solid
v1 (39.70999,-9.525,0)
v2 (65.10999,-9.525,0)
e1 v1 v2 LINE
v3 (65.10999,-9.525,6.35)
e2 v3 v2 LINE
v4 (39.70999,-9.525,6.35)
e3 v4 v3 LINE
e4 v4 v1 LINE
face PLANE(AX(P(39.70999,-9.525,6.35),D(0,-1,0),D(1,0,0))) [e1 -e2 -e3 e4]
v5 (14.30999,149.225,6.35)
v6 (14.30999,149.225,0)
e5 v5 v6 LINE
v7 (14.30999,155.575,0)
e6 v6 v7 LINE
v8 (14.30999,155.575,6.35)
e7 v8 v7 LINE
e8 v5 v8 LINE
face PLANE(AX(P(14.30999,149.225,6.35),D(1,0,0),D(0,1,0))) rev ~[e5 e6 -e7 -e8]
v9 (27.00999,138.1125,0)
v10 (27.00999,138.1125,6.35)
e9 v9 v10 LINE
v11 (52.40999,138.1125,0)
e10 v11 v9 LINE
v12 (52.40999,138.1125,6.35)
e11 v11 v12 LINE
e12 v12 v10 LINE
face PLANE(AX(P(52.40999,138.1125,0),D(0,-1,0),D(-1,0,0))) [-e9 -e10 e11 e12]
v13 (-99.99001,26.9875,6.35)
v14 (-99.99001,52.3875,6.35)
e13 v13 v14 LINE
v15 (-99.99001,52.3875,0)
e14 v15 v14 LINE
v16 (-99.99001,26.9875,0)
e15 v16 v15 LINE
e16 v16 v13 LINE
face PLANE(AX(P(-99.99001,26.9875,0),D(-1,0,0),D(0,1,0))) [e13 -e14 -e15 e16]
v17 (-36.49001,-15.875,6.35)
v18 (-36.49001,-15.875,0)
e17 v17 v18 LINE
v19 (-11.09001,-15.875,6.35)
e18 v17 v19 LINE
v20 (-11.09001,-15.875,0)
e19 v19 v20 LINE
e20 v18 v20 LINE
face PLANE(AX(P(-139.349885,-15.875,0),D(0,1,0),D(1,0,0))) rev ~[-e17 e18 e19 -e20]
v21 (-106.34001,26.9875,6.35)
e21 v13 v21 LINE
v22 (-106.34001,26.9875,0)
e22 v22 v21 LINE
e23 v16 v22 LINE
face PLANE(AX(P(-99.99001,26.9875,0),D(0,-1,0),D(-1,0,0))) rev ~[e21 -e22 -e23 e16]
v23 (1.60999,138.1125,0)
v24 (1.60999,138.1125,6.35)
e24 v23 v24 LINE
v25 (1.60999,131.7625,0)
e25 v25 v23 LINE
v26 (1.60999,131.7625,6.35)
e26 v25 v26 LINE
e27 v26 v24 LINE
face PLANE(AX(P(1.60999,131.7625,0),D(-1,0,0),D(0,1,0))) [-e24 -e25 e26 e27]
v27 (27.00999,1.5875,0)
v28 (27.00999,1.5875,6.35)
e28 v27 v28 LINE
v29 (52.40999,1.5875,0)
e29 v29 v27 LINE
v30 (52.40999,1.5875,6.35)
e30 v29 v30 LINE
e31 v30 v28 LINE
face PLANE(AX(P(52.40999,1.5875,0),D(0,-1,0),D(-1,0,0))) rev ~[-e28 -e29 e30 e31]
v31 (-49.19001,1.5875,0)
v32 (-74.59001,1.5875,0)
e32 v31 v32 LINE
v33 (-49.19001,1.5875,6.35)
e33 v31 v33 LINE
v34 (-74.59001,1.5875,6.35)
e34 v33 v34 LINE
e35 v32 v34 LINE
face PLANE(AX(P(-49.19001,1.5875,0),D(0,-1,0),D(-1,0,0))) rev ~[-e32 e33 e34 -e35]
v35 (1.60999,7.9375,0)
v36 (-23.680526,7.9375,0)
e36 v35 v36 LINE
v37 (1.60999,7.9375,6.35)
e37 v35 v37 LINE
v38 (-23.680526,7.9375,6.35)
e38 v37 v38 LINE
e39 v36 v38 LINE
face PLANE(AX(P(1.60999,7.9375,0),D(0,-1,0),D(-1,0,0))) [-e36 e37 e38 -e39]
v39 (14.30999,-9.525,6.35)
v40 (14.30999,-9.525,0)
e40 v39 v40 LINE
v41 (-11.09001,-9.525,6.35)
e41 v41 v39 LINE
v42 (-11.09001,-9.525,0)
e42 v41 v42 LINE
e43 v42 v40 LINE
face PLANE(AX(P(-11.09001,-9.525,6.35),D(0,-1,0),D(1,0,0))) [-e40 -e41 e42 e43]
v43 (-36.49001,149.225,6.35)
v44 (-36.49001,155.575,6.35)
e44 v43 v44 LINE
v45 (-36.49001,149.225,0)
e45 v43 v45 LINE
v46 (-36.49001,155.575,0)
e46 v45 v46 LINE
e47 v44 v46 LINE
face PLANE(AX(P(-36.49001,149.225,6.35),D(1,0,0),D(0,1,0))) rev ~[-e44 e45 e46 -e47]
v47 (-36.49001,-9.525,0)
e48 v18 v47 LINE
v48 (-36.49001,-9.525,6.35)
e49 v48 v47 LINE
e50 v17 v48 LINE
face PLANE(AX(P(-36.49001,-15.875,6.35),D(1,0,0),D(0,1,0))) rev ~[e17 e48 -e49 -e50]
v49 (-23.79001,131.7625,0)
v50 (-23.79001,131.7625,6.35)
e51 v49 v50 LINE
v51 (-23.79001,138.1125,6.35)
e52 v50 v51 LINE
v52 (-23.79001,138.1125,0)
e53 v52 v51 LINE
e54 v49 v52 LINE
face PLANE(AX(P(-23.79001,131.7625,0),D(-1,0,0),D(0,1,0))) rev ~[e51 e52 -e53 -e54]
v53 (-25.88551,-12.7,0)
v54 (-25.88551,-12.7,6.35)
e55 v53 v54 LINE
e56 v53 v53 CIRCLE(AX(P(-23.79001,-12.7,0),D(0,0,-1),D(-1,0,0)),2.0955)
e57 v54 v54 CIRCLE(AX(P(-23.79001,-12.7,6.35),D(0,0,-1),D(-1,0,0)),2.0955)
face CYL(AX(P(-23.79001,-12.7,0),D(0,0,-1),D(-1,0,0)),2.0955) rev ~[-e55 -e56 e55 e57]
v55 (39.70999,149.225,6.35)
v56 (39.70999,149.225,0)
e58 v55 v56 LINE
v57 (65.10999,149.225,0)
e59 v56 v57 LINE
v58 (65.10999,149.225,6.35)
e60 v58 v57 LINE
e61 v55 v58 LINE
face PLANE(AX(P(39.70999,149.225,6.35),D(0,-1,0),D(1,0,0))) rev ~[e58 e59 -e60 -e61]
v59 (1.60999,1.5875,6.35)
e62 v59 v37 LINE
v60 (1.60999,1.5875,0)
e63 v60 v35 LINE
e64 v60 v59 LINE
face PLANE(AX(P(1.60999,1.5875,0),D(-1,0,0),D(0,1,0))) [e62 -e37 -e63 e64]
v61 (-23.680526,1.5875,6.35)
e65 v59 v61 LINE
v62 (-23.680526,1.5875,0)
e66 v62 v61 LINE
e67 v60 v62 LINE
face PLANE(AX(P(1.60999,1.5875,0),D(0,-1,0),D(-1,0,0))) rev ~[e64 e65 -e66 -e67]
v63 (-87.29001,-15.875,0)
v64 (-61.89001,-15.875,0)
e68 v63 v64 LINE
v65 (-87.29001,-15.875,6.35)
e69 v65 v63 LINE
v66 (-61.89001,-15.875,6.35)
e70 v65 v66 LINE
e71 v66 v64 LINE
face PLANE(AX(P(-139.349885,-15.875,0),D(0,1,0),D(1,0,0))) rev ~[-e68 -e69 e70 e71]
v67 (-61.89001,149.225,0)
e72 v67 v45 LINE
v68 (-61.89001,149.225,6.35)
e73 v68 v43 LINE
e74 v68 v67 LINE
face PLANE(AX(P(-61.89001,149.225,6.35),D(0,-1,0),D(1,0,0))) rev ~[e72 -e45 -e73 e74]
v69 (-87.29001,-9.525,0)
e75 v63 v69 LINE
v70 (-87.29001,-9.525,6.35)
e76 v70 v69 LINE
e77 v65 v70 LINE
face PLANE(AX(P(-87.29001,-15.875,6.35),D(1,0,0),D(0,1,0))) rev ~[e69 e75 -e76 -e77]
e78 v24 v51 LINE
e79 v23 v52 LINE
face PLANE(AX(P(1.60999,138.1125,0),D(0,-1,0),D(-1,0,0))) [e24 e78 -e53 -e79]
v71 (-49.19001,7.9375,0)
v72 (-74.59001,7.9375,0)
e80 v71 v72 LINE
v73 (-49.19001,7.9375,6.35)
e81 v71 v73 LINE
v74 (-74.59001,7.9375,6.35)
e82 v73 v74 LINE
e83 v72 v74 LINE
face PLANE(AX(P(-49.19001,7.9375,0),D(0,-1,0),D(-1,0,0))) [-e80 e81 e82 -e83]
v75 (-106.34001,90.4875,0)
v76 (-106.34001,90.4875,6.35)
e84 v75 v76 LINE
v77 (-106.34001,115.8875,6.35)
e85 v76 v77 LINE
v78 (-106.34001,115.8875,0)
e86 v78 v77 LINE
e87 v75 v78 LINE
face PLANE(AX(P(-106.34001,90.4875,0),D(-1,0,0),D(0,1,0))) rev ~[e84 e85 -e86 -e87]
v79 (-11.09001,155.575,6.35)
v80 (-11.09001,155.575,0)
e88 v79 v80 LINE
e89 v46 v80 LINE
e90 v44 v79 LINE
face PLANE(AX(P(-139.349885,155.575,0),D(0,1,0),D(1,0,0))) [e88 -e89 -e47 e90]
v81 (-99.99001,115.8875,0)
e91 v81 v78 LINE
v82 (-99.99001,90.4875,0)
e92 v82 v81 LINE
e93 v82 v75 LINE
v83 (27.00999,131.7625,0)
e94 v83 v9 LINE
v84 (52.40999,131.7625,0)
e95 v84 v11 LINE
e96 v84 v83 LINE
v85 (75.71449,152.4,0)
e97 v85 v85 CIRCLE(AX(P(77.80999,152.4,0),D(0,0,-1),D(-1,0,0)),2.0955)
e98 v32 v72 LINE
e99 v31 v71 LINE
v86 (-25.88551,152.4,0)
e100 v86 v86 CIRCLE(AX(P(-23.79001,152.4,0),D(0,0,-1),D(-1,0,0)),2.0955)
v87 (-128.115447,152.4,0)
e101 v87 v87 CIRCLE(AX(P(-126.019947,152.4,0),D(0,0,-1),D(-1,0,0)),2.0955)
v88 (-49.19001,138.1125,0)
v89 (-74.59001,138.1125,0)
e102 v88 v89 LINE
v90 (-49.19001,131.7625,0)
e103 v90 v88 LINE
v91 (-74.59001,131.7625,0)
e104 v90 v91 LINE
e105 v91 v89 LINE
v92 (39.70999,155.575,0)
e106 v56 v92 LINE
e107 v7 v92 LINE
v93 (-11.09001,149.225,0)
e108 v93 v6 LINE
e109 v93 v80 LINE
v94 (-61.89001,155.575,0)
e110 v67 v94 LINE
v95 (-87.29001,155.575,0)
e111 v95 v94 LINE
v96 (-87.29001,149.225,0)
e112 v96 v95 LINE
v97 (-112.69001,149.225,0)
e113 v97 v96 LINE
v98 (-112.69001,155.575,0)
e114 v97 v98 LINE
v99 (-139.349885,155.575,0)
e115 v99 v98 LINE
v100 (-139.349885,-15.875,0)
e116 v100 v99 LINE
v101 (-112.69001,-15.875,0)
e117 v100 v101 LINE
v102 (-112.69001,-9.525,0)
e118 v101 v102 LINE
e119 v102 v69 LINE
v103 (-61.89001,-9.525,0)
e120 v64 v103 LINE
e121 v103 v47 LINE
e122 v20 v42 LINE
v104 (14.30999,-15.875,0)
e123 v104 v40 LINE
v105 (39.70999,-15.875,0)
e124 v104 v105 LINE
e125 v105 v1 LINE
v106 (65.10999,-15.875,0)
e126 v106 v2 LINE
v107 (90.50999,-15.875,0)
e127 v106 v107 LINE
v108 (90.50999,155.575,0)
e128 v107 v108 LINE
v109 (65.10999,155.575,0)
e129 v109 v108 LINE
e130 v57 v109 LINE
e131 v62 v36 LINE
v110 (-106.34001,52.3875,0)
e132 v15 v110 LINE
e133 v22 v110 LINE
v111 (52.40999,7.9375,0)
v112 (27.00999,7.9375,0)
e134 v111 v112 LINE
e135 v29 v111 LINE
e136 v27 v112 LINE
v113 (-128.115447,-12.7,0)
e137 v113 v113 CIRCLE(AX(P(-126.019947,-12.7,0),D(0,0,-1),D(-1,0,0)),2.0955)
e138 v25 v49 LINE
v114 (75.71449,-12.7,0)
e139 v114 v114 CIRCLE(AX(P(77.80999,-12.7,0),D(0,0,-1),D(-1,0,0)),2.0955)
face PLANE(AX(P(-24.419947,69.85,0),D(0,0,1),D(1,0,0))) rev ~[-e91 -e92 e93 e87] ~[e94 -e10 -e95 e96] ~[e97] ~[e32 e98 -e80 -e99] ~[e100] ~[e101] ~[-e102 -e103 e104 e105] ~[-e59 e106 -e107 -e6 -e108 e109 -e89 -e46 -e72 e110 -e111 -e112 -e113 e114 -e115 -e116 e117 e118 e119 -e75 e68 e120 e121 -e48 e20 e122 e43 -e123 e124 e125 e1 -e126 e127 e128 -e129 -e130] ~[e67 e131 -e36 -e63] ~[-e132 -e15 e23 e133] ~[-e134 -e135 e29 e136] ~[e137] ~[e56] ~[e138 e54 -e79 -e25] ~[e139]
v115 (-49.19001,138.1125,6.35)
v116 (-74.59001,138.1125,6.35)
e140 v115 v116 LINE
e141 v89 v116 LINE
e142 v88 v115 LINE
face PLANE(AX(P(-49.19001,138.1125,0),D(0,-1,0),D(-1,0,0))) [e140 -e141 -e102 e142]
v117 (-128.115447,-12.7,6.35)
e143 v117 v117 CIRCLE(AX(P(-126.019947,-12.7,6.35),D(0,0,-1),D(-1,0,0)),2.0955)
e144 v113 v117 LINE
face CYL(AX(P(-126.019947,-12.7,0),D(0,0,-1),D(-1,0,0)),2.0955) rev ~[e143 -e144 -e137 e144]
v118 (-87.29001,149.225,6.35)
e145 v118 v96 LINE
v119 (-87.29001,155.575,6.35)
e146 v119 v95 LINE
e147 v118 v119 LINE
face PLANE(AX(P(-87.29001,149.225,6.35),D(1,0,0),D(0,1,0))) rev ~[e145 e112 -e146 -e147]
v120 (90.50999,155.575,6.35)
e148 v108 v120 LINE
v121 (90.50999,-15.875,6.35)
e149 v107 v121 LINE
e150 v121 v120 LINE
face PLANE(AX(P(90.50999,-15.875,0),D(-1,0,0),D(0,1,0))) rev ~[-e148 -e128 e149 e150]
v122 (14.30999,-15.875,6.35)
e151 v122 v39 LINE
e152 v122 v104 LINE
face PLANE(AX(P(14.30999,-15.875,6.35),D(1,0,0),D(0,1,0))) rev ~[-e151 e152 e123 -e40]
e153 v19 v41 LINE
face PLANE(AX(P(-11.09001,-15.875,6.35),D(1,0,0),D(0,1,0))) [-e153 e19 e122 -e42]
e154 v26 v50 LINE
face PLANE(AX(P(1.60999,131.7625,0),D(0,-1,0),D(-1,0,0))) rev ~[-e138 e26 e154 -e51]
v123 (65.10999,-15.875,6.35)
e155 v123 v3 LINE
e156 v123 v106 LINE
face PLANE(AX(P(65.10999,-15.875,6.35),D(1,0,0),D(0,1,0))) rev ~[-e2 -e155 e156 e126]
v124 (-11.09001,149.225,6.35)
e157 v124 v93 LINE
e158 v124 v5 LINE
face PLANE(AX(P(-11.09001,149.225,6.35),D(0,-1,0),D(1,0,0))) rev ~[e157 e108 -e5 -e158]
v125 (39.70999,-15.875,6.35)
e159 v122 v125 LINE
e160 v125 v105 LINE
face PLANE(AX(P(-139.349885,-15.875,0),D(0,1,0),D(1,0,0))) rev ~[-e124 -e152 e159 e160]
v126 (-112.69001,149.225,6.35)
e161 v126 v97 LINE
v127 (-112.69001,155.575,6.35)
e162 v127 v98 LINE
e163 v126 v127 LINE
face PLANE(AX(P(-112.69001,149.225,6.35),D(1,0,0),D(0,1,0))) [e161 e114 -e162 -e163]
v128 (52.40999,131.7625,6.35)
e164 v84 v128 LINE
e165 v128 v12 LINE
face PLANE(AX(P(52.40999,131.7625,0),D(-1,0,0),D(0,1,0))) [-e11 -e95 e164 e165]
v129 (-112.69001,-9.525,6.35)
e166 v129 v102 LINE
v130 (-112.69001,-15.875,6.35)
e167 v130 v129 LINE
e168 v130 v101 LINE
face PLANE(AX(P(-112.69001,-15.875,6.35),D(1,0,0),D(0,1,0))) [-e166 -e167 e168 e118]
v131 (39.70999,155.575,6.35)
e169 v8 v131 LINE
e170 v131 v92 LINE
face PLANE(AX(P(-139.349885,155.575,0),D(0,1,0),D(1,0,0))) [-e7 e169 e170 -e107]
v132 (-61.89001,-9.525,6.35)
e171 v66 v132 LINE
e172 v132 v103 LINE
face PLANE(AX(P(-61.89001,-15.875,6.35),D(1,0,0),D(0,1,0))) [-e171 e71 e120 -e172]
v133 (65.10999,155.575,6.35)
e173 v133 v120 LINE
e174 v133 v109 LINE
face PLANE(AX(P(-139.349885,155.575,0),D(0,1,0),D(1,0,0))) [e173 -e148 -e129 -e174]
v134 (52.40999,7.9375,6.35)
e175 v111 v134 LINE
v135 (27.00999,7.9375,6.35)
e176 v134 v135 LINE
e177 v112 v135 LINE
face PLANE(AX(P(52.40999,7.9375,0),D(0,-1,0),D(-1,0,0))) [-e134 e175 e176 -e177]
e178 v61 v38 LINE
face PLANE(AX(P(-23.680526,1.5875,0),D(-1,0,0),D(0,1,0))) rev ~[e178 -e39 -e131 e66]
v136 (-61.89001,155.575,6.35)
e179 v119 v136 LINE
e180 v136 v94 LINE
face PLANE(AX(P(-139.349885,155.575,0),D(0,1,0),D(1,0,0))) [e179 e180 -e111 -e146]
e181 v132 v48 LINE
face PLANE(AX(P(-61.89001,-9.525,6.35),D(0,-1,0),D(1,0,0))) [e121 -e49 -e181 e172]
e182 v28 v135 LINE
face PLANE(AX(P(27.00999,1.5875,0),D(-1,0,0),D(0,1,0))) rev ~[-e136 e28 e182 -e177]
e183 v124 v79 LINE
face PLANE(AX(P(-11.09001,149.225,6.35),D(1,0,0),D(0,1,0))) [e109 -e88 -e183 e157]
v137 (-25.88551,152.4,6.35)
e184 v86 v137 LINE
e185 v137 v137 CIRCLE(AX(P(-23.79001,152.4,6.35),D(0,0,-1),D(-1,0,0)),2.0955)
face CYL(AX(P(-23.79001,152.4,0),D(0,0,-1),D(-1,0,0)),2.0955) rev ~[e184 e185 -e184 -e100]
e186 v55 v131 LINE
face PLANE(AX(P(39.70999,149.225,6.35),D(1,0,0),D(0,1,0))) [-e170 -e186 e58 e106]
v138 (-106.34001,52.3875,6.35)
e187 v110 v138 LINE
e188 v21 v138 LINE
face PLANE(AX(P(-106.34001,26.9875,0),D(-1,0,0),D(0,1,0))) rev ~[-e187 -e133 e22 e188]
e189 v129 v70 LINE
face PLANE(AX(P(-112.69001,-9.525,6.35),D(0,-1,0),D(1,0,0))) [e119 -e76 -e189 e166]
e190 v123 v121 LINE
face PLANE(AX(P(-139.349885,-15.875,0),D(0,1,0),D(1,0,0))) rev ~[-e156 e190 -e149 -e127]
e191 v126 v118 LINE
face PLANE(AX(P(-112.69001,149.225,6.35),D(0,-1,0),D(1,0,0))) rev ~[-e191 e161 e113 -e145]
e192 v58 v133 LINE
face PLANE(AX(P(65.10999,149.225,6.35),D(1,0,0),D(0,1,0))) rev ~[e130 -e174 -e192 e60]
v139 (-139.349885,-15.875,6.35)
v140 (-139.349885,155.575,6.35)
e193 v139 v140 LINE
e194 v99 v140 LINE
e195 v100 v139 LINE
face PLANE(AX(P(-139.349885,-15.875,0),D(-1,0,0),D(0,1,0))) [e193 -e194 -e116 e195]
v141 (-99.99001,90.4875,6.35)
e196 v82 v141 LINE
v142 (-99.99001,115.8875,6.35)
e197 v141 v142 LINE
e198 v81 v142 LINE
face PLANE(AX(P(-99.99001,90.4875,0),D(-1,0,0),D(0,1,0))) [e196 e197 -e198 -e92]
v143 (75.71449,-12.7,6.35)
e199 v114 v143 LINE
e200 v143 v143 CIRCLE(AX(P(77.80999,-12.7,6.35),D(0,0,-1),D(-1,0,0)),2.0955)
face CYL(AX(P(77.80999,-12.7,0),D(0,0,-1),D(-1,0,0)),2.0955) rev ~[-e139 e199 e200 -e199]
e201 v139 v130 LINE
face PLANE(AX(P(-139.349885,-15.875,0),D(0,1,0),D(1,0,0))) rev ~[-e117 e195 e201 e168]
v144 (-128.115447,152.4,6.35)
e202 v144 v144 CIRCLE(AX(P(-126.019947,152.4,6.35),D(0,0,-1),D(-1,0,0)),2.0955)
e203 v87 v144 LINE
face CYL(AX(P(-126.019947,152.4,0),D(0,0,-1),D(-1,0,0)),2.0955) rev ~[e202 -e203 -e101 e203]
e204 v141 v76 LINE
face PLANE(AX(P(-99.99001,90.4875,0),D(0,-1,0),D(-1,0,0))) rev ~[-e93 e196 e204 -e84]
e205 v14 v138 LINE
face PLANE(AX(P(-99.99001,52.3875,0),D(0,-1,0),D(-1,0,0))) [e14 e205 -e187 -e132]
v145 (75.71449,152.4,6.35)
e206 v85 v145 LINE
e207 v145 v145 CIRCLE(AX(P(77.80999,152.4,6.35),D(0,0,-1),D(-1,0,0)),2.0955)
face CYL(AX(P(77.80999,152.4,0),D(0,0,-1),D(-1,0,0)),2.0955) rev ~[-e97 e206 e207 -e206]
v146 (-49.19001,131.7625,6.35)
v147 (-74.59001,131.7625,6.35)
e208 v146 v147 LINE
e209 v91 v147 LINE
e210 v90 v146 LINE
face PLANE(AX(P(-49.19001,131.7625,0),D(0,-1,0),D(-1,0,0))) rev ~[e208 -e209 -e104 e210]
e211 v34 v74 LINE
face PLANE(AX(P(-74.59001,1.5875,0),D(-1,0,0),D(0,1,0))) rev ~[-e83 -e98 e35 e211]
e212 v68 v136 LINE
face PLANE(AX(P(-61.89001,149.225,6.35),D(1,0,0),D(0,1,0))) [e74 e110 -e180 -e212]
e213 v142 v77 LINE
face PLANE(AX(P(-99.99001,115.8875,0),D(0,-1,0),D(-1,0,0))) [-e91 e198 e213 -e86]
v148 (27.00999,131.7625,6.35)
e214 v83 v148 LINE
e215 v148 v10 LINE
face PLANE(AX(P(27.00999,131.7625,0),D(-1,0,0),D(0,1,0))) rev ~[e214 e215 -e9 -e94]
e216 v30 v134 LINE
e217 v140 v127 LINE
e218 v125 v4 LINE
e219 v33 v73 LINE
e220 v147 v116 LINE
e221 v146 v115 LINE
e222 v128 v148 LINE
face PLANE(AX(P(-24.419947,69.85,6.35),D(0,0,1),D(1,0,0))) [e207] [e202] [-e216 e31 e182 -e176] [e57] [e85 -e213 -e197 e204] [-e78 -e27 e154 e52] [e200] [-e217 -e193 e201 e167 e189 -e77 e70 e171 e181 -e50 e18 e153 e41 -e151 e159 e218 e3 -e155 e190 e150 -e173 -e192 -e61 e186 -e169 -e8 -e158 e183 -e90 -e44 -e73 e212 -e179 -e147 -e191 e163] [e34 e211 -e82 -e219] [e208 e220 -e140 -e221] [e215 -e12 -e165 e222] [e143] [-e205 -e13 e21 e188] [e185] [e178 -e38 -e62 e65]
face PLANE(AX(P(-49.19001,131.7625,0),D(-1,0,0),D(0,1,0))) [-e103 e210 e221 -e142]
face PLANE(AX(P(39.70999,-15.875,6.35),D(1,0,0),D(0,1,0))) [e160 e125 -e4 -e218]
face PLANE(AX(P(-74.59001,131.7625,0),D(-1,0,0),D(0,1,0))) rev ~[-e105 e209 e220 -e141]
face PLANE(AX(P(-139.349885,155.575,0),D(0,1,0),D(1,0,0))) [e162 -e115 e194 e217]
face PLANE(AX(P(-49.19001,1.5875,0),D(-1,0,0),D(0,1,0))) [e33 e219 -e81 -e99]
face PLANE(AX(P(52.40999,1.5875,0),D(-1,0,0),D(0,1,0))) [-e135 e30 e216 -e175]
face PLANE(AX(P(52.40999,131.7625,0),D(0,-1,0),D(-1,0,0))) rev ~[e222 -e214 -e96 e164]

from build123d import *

# Parameters (mm, degrees)
SKETCH1_W           = 229.859874896
SKETCH1_H           = 171.45
BOSS_EXTRUDE1_DEPTH = 6.35
SKETCH2_W           = 25.4
SKETCH2_H           = 6.35
CUT_EXTRUDE1_DEPTH  = 6.35
LPATTERN1_COUNT     = 4
LPATTERN1_PITCH     = 50.8
SKETCH4_R           = 2.0955
CUT_EXTRUDE2_DEPTH  = 209.955242778
SKETCH5_W           = 25.4
SKETCH5_H           = 6.35
SKETCH5_W_2         = 25.290516307
SKETCH5_W_3         = 6.35
SKETCH5_H_2         = 25.4
CUT_EXTRUDE3_DEPTH  = 6.35


with BuildPart() as part:
    # Sketch1 → Boss-Extrude1 (new body)
    with BuildSketch(Plane.XY):
        with Locations((-24.419947229, 69.85)):
            Rectangle(SKETCH1_W, SKETCH1_H)
    extrude(amount=BOSS_EXTRUDE1_DEPTH)

    # Sketch2 → Cut-Extrude1 (cut)
    with BuildSketch(Plane.XY.offset(6.35)):
        with Locations((-99.990009781, -12.7)):
            Rectangle(SKETCH2_W, SKETCH2_H)
        with Locations((-99.990009781, 152.4)):
            Rectangle(SKETCH2_W, SKETCH2_H)
    cut_extrude1 = extrude(amount=-CUT_EXTRUDE1_DEPTH, mode=Mode.SUBTRACT)

    # LPattern1: Cut-Extrude1 ×4
    with Locations(*[(i * LPATTERN1_PITCH, 0, 0) for i in range(1, LPATTERN1_COUNT)]):
        add(cut_extrude1, mode=Mode.SUBTRACT)

    # Sketch4 → Cut-Extrude2 (cut, through all)
    with BuildSketch(Plane(origin=(0, 0, 0), x_dir=(-1, 0, 0), z_dir=(0, 0, -1))):
        with Locations((-77.809990219, -12.7)):
            Circle(SKETCH4_R)
        with Locations((23.790009781, -12.7)):
            Circle(SKETCH4_R)
        with Locations((126.019947229, -12.7)):
            Circle(SKETCH4_R)
        with Locations((126.019947229, 152.4)):
            Circle(SKETCH4_R)
        with Locations((23.790009781, 152.4)):
            Circle(SKETCH4_R)
        with Locations((-77.809990219, 152.4)):
            Circle(SKETCH4_R)
    extrude(amount=-CUT_EXTRUDE2_DEPTH, mode=Mode.SUBTRACT)

    # Sketch5 → Cut-Extrude3 (cut)
    with BuildSketch(Plane(origin=(0, 0, 0), x_dir=(-1, 0, 0), z_dir=(0, 0, -1))):
        with Locations((-39.709990219, 4.7625)):
            Rectangle(SKETCH5_W, SKETCH5_H)
        with Locations((11.035267935, 4.7625)):
            Rectangle(SKETCH5_W_2, SKETCH5_H)
        with Locations((61.890009781, 4.7625)):
            Rectangle(SKETCH5_W, SKETCH5_H)
        with Locations((103.165009781, 39.6875)):
            Rectangle(SKETCH5_W_3, SKETCH5_H_2)
        with Locations((103.165009781, 103.1875)):
            Rectangle(SKETCH5_W_3, SKETCH5_H_2)
        with Locations((61.890009781, 134.9375)):
            Rectangle(SKETCH5_W, SKETCH5_H)
        with Locations((11.090009781, 134.9375)):
            Rectangle(SKETCH5_W, SKETCH5_H)
        with Locations((-39.709990219, 134.9375)):
            Rectangle(SKETCH5_W, SKETCH5_H)
    extrude(amount=-CUT_EXTRUDE3_DEPTH, mode=Mode.SUBTRACT)


solid = part.part
